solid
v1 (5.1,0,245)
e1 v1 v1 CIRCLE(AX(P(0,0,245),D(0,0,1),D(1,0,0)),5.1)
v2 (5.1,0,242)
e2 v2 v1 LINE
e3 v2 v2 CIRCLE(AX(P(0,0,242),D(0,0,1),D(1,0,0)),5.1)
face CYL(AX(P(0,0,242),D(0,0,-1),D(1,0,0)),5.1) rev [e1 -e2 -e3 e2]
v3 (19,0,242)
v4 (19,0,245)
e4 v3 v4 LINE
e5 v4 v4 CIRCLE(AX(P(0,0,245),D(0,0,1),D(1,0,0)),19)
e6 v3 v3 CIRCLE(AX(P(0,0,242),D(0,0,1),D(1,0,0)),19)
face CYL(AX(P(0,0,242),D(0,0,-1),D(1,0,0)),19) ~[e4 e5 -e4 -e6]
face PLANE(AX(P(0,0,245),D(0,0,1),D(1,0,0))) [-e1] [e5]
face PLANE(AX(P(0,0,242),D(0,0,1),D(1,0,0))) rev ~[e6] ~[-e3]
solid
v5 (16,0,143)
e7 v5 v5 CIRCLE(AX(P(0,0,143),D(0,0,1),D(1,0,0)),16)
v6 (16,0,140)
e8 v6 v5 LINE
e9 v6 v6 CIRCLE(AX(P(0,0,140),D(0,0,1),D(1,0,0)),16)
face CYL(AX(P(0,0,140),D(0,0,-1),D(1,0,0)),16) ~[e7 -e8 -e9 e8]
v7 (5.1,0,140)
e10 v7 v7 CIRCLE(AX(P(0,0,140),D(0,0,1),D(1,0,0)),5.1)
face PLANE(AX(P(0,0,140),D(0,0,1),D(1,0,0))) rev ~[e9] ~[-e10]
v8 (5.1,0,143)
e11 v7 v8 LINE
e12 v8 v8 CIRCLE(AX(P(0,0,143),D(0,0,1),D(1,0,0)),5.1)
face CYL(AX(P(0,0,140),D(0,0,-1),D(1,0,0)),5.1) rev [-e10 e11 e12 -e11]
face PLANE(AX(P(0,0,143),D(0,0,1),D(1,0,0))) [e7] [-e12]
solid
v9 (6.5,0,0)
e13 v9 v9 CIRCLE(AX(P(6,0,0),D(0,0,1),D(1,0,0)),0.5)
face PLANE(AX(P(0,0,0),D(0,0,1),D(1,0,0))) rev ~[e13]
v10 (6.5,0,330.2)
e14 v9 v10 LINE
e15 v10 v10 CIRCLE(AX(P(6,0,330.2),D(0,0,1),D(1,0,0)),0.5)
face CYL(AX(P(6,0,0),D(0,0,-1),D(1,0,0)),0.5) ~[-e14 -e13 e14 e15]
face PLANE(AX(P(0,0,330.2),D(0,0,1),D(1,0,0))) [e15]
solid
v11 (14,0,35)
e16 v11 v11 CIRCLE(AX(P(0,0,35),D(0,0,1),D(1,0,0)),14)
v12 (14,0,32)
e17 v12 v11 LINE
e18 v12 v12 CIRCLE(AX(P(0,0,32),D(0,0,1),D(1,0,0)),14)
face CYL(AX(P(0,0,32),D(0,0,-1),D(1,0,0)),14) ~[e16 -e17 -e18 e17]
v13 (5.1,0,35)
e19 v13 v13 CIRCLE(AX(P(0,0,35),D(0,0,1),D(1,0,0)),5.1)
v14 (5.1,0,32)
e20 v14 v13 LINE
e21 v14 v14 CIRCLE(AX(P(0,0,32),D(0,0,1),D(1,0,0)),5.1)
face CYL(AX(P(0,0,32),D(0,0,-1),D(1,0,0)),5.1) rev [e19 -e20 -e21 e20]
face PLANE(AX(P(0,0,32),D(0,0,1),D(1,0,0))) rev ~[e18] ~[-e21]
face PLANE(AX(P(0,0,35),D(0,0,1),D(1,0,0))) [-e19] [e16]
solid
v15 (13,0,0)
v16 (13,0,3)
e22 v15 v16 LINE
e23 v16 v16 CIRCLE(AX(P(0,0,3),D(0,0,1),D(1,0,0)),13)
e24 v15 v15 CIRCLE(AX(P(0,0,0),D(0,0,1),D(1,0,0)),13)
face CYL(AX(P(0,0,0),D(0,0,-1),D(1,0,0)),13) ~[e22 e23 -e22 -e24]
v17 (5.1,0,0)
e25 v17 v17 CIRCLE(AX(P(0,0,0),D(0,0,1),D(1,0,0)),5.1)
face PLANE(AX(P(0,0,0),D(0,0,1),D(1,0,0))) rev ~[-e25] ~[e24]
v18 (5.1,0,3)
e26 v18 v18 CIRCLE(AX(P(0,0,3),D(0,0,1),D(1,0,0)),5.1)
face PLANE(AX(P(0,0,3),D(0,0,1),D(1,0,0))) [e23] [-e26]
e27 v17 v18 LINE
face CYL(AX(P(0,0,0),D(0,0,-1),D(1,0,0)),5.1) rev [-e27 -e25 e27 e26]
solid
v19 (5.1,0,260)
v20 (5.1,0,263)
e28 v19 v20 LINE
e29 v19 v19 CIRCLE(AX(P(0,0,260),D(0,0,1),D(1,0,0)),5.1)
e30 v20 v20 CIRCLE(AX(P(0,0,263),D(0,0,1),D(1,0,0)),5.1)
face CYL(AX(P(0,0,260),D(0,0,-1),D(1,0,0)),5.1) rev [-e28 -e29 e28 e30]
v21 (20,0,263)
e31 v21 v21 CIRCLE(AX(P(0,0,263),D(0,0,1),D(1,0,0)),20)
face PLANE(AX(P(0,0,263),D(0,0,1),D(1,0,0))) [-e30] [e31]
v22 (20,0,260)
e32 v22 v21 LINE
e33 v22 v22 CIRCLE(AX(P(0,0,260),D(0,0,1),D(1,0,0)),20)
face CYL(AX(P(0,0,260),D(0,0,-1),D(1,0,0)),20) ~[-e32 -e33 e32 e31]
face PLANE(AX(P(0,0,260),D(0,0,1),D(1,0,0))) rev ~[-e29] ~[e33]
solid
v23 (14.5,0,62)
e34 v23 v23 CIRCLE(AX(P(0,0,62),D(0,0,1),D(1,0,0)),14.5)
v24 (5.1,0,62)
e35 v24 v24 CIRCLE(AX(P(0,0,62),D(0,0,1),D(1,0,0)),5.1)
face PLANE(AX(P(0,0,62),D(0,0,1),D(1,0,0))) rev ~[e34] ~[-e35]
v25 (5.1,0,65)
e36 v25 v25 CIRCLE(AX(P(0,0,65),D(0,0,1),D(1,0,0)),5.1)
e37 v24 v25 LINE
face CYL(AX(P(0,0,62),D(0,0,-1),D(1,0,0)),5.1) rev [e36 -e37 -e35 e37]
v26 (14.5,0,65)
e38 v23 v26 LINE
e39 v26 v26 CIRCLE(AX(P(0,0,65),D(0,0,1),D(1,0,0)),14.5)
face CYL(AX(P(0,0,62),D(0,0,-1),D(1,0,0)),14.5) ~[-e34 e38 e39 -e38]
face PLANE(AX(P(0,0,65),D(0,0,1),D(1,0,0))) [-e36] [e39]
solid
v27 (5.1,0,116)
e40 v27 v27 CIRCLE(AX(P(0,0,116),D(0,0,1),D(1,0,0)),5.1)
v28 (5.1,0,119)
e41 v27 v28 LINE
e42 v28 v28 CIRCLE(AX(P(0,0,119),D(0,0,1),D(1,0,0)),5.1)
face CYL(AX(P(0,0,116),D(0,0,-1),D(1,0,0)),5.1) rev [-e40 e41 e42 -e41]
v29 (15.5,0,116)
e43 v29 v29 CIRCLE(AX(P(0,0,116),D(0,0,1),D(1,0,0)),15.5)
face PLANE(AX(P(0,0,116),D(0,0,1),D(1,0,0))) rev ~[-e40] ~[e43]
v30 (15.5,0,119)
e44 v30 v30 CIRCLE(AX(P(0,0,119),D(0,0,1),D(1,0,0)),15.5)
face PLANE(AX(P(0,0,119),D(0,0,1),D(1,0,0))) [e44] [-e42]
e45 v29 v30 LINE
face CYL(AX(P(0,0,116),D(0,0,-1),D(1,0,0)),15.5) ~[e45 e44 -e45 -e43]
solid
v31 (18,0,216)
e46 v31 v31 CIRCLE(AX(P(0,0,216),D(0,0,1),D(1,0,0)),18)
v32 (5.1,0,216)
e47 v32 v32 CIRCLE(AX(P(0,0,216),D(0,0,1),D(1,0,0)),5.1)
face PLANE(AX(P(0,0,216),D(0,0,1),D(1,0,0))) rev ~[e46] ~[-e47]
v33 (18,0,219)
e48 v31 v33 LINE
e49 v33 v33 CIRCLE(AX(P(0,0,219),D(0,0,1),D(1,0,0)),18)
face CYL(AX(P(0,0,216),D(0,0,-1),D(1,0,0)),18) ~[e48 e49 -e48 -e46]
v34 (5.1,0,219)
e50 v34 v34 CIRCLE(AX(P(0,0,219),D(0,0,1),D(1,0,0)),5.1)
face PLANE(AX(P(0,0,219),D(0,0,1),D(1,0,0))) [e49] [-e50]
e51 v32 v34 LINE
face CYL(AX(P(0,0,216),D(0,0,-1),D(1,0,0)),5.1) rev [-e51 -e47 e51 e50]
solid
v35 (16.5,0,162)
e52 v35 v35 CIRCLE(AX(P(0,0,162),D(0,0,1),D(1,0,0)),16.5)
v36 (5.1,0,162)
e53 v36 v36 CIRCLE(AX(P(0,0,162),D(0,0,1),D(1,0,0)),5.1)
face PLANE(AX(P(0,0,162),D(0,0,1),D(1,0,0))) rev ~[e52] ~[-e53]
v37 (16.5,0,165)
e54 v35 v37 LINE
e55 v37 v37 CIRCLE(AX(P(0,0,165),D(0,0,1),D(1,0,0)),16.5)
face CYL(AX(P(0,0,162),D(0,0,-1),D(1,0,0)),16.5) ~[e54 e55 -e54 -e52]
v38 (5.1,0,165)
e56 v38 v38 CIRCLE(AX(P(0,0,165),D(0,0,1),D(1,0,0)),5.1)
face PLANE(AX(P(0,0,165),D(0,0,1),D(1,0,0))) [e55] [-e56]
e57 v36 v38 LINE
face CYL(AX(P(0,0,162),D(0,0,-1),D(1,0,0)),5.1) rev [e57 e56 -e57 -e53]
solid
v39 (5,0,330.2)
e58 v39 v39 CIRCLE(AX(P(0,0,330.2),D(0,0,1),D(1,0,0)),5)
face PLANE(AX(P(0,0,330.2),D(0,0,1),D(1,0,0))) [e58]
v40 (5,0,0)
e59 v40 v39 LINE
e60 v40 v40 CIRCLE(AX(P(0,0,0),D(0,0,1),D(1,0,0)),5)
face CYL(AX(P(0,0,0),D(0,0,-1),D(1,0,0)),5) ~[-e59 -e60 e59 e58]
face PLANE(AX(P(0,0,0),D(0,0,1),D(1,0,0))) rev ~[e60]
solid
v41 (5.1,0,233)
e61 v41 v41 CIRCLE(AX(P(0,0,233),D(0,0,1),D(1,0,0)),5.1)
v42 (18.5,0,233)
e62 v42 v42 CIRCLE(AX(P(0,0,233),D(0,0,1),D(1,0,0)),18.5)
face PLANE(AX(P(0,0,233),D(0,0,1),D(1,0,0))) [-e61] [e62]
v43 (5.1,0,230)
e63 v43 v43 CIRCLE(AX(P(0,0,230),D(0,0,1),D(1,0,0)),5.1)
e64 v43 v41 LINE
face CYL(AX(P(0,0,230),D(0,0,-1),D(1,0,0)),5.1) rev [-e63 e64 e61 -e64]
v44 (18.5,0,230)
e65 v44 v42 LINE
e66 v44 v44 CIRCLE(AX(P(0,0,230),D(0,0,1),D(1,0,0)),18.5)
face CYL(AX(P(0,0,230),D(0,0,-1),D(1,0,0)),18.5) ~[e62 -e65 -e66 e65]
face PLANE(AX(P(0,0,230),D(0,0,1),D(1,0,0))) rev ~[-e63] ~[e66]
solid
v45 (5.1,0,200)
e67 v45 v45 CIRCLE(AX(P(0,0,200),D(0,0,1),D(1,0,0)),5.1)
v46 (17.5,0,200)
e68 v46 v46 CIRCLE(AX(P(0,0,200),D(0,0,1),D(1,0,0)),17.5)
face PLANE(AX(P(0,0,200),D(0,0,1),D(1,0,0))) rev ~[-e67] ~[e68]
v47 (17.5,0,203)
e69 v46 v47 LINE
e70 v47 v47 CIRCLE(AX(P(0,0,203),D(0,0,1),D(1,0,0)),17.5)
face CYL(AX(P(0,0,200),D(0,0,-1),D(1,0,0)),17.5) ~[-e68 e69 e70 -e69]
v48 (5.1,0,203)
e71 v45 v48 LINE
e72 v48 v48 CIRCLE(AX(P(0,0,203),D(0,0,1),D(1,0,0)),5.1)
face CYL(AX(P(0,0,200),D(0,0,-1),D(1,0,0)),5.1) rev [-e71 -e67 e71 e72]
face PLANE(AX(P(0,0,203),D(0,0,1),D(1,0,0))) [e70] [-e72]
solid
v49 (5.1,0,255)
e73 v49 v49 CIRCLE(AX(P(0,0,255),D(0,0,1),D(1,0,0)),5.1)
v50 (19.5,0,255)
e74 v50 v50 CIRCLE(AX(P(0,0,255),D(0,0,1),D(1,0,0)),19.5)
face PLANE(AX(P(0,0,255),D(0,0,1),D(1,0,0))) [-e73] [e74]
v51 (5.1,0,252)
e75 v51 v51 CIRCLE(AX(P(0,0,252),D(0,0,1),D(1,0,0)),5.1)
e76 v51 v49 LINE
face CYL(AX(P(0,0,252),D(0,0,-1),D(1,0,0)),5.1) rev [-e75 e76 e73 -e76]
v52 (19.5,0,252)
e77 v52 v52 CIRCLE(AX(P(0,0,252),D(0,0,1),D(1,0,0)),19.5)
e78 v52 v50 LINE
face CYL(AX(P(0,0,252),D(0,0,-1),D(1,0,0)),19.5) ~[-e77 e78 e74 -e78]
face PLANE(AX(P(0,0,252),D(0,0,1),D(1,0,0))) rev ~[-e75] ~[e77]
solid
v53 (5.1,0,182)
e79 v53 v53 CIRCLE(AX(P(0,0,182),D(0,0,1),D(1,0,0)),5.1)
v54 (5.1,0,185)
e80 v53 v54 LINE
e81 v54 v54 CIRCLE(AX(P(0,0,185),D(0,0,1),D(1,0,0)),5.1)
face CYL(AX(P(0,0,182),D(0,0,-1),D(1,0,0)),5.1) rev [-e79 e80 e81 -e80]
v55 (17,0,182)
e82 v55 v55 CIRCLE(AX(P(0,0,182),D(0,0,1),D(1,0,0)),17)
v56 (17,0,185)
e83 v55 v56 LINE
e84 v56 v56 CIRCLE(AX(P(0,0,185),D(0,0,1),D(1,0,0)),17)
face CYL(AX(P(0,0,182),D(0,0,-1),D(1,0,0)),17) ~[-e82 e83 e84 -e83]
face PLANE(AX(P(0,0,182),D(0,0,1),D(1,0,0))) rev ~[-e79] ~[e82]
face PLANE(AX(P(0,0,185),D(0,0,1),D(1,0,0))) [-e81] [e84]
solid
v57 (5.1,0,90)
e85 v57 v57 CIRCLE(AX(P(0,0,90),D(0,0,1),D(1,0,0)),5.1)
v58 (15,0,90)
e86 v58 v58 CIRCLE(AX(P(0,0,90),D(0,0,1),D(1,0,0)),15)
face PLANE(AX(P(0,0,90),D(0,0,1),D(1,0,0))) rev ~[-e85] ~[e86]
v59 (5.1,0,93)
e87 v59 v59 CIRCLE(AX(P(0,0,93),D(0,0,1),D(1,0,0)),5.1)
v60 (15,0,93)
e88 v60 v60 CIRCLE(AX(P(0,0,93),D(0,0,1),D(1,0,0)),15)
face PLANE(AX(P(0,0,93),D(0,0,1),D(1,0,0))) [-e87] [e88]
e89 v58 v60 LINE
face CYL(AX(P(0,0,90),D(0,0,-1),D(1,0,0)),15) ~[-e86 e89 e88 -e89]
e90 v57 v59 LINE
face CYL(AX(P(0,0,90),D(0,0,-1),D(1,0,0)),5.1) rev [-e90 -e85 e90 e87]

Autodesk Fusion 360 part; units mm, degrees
sketch "Sketch1" plane through (0, 0, 0) normal (0, 0, 1) x (1, 0, 0)
  circle A0 centre (0, 0) radius 5
extrude "Extrude1" add sketch "Sketch1" along normal blind 330.2 makes body 1
ref_plane "WorkPlane1" through (0, 0, 0) normal (0, 0, 1) x (1, 0, 0)
sketch "Sketch2" plane through (0, 0, 0) normal (0, 0, 1) x (1, 0, 0)
  circle A0 centre (0, 0) radius 13
  circle A1 centre (0, 0) radius 5.1
extrude "Extrude2" add sketch "Sketch2" along normal blind 3 separate body makes body 2
ref_plane "WorkPlane2" through (0, 0, 32) normal (0, 0, 1) x (1, 0, 0)
sketch "Sketch3" plane through (0, 0, 32) normal (0, 0, 1) x (1, 0, 0)
  circle A0 centre (0, 0) radius 14
  circle A1 centre (0, 0) radius 5.1
extrude "Extrude3" add sketch "Sketch3" along normal blind 3 separate body makes body 3
ref_plane "WorkPlane3" through (0, 0, 62) normal (0, 0, 1) x (1, 0, 0)
sketch "Sketch4" plane through (0, 0, 62) normal (0, 0, 1) x (1, 0, 0)
  circle A0 centre (0, 0) radius 14.5
  circle A1 centre (0, 0) radius 5.1
extrude "Extrude4" add sketch "Sketch4" along normal blind 3 separate body makes body 4
ref_plane "WorkPlane4" through (0, 0, 90) normal (0, 0, 1) x (1, 0, 0)
sketch "Sketch5" plane through (0, 0, 90) normal (0, 0, 1) x (1, 0, 0)
  circle A0 centre (0, 0) radius 15
  circle A1 centre (0, 0) radius 5.1
extrude "Extrude5" add sketch "Sketch5" along normal blind 3 separate body makes body 5
ref_plane "WorkPlane5" through (0, 0, 116) normal (0, 0, 1) x (1, 0, 0)
sketch "Sketch6" plane through (0, 0, 116) normal (0, 0, 1) x (1, 0, 0)
  circle A0 centre (0, 0) radius 15.5
  circle A1 centre (0, 0) radius 5.1
extrude "Extrude6" add sketch "Sketch6" along normal blind 3 separate body makes body 6
ref_plane "WorkPlane6" through (0, 0, 140) normal (0, 0, 1) x (1, 0, 0)
sketch "Sketch7" plane through (0, 0, 140) normal (0, 0, 1) x (1, 0, 0)
  circle A0 centre (0, 0) radius 16
  circle A1 centre (0, 0) radius 5.1
extrude "Extrude7" add sketch "Sketch7" along normal blind 3 separate body makes body 7
ref_plane "WorkPlane7" through (0, 0, 162) normal (0, 0, 1) x (1, 0, 0)
sketch "Sketch8" plane through (0, 0, 162) normal (0, 0, 1) x (1, 0, 0)
  circle A0 centre (0, 0) radius 16.5
  circle A1 centre (0, 0) radius 5.1
extrude "Extrude8" add sketch "Sketch8" along normal blind 3 separate body makes body 8
ref_plane "WorkPlane8" through (0, 0, 182) normal (0, 0, 1) x (1, 0, 0)
sketch "Sketch9" plane through (0, 0, 182) normal (0, 0, 1) x (1, 0, 0)
  circle A0 centre (0, 0) radius 17
  circle A1 centre (0, 0) radius 5.1
extrude "Extrude9" add sketch "Sketch9" along normal blind 3 separate body makes body 9
ref_plane "WorkPlane9" through (0, 0, 200) normal (0, 0, 1) x (1, 0, 0)
sketch "Sketch10" plane through (0, 0, 200) normal (0, 0, 1) x (1, 0, 0)
  circle A0 centre (0, 0) radius 17.5
  circle A1 centre (0, 0) radius 5.1
extrude "Extrude10" add sketch "Sketch10" along normal blind 3 separate body makes body 10
ref_plane "WorkPlane10" through (0, 0, 216) normal (0, 0, 1) x (1, 0, 0)
sketch "Sketch11" plane through (0, 0, 216) normal (0, 0, 1) x (1, 0, 0)
  circle A0 centre (0, 0) radius 18
  circle A1 centre (0, 0) radius 5.1
extrude "Extrude11" add sketch "Sketch11" along normal blind 3 separate body makes body 11
ref_plane "WorkPlane11" through (0, 0, 230) normal (0, 0, 1) x (1, 0, 0)
sketch "Sketch12" plane through (0, 0, 230) normal (0, 0, 1) x (1, 0, 0)
  circle A0 centre (0, 0) radius 18.5
  circle A1 centre (0, 0) radius 5.1
extrude "Extrude12" add sketch "Sketch12" along normal blind 3 separate body makes body 12
ref_plane "WorkPlane12" through (0, 0, 242) normal (0, 0, 1) x (1, 0, 0)
sketch "Sketch13" plane through (0, 0, 242) normal (0, 0, 1) x (1, 0, 0)
  circle A0 centre (0, 0) radius 19
  circle A1 centre (0, 0) radius 5.1
extrude "Extrude13" add sketch "Sketch13" along normal blind 3 separate body makes body 13
ref_plane "WorkPlane13" through (0, 0, 252) normal (0, 0, 1) x (1, 0, 0)
sketch "Sketch14" plane through (0, 0, 252) normal (0, 0, 1) x (1, 0, 0)
  circle A0 centre (0, 0) radius 19.5
  circle A1 centre (0, 0) radius 5.1
extrude "Extrude14" add sketch "Sketch14" along normal blind 3 separate body makes body 14
ref_plane "WorkPlane14" through (0, 0, 260) normal (0, 0, 1) x (1, 0, 0)
sketch "Sketch15" plane through (0, 0, 260) normal (0, 0, 1) x (1, 0, 0)
  circle A0 centre (0, 0) radius 20
  circle A1 centre (0, 0) radius 5.1
extrude "Extrude15" add sketch "Sketch15" along normal blind 3 separate body makes body 15
sketch "Sketch16" plane through (0, 0, 0) normal (0, 0, 1) x (1, 0, 0)
  circle A0 centre (6, 0) radius 0.5
extrude "Extrude16" add sketch "Sketch16" along normal blind 330.2 separate body makes body 16
